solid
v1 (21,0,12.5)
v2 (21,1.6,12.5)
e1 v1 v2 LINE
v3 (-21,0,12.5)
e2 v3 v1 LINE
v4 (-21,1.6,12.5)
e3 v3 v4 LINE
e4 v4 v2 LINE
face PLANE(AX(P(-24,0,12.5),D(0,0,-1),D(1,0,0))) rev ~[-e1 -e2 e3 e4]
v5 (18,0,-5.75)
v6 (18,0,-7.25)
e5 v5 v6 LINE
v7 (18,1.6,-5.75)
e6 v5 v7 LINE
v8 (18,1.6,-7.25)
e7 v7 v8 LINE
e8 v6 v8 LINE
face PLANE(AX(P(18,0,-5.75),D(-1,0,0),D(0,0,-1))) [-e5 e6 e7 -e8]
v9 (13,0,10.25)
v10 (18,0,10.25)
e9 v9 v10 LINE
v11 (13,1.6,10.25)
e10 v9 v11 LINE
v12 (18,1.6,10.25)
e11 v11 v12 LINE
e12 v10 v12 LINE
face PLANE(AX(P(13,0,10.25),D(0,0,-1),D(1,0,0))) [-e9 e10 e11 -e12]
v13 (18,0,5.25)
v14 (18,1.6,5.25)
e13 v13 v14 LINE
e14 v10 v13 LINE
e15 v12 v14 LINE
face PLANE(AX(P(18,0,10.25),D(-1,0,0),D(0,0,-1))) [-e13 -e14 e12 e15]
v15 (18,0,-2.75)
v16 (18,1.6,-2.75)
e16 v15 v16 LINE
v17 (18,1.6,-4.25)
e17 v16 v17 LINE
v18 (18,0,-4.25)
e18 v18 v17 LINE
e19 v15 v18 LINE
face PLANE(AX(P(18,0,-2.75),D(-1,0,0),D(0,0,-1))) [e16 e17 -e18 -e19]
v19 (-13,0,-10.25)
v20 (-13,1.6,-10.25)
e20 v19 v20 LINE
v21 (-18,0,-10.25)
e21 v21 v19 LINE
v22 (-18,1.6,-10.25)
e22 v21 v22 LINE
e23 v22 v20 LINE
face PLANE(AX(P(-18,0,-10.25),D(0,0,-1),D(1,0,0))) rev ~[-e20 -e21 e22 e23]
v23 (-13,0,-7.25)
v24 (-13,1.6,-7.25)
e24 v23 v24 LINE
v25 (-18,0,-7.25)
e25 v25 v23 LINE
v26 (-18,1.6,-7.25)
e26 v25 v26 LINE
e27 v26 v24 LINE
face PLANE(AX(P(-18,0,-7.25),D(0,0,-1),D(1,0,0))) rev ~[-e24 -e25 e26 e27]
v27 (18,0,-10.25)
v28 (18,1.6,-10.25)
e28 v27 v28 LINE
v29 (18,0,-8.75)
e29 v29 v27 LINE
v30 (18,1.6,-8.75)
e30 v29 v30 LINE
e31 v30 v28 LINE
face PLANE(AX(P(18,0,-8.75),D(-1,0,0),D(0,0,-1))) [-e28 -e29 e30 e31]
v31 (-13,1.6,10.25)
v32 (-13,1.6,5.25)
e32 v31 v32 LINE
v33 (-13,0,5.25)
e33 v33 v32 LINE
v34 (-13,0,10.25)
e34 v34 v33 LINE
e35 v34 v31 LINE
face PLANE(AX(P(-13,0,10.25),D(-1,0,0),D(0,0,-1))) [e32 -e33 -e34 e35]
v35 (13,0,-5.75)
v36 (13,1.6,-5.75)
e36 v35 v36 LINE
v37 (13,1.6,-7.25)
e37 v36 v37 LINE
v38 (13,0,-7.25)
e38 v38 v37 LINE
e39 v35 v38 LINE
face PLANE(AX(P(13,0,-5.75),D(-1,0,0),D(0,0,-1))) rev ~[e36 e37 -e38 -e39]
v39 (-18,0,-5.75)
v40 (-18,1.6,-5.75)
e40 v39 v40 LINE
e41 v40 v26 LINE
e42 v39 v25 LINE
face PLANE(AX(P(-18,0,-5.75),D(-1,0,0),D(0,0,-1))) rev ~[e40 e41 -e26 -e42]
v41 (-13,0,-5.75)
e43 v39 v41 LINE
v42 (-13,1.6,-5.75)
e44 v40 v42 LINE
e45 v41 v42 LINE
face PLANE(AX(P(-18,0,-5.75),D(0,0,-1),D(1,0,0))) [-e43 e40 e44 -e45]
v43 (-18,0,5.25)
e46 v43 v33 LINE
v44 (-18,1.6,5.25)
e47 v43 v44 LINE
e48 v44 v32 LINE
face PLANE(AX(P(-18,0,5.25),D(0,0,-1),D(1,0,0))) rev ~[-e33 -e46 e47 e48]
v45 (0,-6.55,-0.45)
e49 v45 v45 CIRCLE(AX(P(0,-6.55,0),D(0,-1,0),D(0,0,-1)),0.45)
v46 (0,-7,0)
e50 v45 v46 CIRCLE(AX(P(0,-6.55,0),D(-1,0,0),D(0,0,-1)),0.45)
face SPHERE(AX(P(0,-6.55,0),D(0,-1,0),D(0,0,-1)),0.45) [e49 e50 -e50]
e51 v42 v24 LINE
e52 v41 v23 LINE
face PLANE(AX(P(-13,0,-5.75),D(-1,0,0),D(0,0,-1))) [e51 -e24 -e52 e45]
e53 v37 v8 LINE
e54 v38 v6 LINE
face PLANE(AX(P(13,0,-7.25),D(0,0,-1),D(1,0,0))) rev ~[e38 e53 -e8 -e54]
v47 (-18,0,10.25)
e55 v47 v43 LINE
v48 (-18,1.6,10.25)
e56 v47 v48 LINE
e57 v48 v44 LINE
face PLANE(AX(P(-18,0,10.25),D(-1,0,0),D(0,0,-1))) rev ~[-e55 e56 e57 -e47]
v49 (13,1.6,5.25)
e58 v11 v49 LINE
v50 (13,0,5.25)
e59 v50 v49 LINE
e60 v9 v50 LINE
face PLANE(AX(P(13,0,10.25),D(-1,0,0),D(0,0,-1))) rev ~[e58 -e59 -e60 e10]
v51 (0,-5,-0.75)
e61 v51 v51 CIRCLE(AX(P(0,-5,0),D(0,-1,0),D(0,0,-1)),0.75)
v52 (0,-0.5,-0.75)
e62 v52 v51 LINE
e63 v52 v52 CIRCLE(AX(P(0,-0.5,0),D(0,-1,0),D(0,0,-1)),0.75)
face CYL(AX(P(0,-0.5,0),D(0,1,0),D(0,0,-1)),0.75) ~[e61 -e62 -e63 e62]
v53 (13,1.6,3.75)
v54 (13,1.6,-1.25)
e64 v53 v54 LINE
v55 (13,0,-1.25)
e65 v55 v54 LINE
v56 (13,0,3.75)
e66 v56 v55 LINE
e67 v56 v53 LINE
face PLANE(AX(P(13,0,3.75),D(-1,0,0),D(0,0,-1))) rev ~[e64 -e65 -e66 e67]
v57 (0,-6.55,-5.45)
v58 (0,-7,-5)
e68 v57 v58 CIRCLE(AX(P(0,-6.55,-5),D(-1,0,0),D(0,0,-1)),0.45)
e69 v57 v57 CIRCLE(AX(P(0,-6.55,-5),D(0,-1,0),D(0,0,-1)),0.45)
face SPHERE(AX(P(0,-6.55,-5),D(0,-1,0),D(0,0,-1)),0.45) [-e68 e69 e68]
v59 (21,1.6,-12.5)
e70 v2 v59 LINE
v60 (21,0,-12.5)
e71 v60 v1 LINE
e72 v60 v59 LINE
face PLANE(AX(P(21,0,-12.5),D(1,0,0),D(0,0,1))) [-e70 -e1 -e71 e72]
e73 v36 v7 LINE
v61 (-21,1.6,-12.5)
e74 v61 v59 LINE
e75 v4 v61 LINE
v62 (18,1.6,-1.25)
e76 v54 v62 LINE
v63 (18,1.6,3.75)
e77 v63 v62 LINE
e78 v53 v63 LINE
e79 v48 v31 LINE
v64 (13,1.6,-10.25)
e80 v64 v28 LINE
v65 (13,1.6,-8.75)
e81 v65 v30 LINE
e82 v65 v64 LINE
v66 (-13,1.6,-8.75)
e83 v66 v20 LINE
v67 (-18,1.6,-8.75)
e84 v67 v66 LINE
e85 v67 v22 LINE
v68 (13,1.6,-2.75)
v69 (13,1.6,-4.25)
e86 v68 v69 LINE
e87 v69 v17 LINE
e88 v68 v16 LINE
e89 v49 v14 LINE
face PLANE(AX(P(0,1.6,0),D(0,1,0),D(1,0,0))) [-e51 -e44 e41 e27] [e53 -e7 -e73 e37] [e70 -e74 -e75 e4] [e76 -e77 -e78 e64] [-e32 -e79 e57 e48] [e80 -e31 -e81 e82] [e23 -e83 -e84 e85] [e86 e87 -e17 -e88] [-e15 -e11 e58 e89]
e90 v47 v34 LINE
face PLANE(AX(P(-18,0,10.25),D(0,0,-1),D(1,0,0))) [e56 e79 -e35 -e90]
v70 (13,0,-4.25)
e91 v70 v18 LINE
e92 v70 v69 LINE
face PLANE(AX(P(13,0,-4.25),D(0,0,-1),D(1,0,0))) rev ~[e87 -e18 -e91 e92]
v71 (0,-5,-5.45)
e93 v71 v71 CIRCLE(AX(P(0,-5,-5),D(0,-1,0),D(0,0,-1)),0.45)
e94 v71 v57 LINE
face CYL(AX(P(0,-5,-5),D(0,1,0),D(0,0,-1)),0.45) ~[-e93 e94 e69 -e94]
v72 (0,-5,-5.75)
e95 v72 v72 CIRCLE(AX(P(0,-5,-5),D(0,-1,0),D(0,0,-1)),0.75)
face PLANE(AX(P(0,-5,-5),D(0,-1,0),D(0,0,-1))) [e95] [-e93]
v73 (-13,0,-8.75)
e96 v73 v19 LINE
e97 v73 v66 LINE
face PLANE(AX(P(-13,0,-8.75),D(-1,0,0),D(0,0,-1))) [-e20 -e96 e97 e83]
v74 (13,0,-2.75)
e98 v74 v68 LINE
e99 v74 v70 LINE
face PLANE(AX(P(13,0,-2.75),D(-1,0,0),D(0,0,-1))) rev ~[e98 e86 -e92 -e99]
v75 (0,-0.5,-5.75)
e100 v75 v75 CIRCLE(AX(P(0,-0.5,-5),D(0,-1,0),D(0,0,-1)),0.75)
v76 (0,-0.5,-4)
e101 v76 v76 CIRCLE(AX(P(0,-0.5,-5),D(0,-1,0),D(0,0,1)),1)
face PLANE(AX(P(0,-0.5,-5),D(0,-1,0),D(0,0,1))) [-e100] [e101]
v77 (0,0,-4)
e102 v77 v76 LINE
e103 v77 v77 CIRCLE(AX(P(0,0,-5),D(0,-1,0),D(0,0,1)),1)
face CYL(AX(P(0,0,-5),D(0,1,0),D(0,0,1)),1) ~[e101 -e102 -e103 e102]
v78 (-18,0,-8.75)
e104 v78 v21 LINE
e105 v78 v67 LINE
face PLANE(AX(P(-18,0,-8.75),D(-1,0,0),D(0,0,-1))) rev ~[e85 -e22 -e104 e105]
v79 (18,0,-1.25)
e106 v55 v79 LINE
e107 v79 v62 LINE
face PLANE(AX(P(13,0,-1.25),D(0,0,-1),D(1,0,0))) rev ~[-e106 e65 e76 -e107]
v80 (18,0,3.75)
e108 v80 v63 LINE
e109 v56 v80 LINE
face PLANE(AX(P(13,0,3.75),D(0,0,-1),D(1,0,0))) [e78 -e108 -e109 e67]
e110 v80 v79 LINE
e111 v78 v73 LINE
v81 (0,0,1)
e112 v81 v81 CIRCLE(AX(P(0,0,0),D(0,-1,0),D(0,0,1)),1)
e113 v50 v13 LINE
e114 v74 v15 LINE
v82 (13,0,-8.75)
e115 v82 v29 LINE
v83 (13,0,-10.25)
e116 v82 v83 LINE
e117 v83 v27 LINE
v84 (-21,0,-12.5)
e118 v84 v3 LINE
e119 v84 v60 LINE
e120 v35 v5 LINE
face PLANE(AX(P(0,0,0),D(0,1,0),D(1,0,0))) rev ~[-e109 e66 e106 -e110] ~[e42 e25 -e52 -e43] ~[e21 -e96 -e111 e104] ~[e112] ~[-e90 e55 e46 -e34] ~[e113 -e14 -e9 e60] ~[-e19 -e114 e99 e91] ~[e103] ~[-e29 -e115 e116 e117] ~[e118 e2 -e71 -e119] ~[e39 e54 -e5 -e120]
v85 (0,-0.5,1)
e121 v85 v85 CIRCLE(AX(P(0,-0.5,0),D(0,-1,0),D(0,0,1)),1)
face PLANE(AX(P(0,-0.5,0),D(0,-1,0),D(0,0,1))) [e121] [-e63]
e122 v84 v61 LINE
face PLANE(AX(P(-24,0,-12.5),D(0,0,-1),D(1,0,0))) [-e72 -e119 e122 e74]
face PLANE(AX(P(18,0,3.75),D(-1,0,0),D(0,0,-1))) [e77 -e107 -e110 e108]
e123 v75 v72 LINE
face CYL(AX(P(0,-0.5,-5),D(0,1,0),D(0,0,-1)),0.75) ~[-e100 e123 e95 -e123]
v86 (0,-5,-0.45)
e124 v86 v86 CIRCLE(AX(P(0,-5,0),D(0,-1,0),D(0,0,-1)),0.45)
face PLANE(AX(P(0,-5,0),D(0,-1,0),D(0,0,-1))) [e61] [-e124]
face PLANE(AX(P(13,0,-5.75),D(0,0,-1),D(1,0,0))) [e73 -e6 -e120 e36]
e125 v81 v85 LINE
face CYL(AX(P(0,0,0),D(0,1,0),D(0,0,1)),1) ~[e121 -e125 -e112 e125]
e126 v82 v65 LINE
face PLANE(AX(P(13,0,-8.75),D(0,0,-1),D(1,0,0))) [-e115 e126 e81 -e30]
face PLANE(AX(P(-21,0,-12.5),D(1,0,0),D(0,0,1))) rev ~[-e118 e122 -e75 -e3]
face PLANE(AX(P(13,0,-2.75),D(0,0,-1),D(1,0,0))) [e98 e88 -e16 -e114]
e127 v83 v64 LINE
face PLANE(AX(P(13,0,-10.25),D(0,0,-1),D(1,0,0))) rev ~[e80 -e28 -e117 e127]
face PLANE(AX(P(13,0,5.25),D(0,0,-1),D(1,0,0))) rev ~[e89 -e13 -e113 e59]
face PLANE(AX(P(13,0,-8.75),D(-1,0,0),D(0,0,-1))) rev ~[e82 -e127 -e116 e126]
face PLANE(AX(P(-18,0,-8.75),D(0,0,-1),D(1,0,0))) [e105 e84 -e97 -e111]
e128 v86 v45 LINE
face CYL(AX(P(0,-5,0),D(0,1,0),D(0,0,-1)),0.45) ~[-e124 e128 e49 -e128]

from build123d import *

# Parameters (mm, degrees)
SKETCH1_W           = 48
SKETCH1_H           = 25
SKETCH1_W_2         = 5
SKETCH1_H_2         = 1.5
SKETCH1_H_3         = 5
BOSS_EXTRUDE1_DEPTH = 1.6
SKETCH3_R           = 1
BOSS_EXTRUDE2_DEPTH = 0.5
SKETCH4_R           = 0.75
BOSS_EXTRUDE3_DEPTH = 4.5
SKETCH5_R           = 0.45
BOSS_EXTRUDE4_DEPTH = 2
FILLET1_R           = 0.45
SKETCH6_W           = 3
SKETCH6_H           = 25
CUT_EXTRUDE1_DEPTH  = 10


with BuildPart() as part:
    # Sketch1 → Boss-Extrude1 (new body)
    with BuildSketch(Plane(origin=(0, 0, 0), x_dir=(1, 0, 0), z_dir=(0, 1, 0))):
        Rectangle(SKETCH1_W, SKETCH1_H)
        with Locations((15.5, 3.5)):
            Rectangle(SKETCH1_W_2, SKETCH1_H_2, mode=Mode.SUBTRACT)
        with Locations((15.5, -1.25)):
            Rectangle(SKETCH1_W_2, SKETCH1_H_3, mode=Mode.SUBTRACT)
        with Locations((-15.5, 9.5)):
            Rectangle(SKETCH1_W_2, SKETCH1_H_2, mode=Mode.SUBTRACT)
        with Locations((15.5, 9.5)):
            Rectangle(SKETCH1_W_2, SKETCH1_H_2, mode=Mode.SUBTRACT)
        with Locations((15.5, 6.5)):
            Rectangle(SKETCH1_W_2, SKETCH1_H_2, mode=Mode.SUBTRACT)
        with Locations((15.5, -7.75)):
            Rectangle(SKETCH1_W_2, SKETCH1_H_3, mode=Mode.SUBTRACT)
        with Locations((-15.5, -7.75)):
            Rectangle(SKETCH1_W_2, SKETCH1_H_3, mode=Mode.SUBTRACT)
        with Locations((-15.5, 6.5)):
            Rectangle(SKETCH1_W_2, SKETCH1_H_2, mode=Mode.SUBTRACT)
    extrude(amount=BOSS_EXTRUDE1_DEPTH)

    # Sketch3 → Boss-Extrude2 (add)
    with BuildSketch(Plane.XZ):
        with Locations(Location((0, 0, 0), (0, 0, 90))):
            Circle(SKETCH3_R)
        with Locations(Location((0, -5, 0), (0, 0, 90))):
            Circle(SKETCH3_R)
    extrude(amount=BOSS_EXTRUDE2_DEPTH)

    # Sketch4 → Boss-Extrude3 (add)
    with BuildSketch(Plane.XZ.offset(0.5)):
        with Locations(Location((0, 0, 0), (0, 0, 270))):
            Circle(SKETCH4_R)
        with Locations(Location((0, -5, 0), (0, 0, 270))):
            Circle(SKETCH4_R)
    extrude(amount=BOSS_EXTRUDE3_DEPTH)

    # Sketch5 → Boss-Extrude4 (add)
    with BuildSketch(Plane.XZ.offset(5)):
        with Locations(Location((0, 0, 0), (0, 0, 270))):
            Circle(SKETCH5_R)
        with Locations(Location((0, -5, 0), (0, 0, 270))):
            Circle(SKETCH5_R)
    extrude(amount=BOSS_EXTRUDE4_DEPTH)

    # Fillet1
    fillet1_edges = [part.edges().sort_by_distance(p)[0] for p in [
        (0, -7, 0.45),
        (0, -7, -4.55),
    ]]
    fillet(fillet1_edges, radius=FILLET1_R)

    # Sketch6 → Cut-Extrude1 (cut)
    with BuildSketch(Plane.XZ):
        with Locations((-22.5, 0)):
            Rectangle(SKETCH6_W, SKETCH6_H)
        with Locations((22.5, 0)):
            Rectangle(SKETCH6_W, SKETCH6_H)
    extrude(amount=-CUT_EXTRUDE1_DEPTH, mode=Mode.SUBTRACT)


solid = part.part
